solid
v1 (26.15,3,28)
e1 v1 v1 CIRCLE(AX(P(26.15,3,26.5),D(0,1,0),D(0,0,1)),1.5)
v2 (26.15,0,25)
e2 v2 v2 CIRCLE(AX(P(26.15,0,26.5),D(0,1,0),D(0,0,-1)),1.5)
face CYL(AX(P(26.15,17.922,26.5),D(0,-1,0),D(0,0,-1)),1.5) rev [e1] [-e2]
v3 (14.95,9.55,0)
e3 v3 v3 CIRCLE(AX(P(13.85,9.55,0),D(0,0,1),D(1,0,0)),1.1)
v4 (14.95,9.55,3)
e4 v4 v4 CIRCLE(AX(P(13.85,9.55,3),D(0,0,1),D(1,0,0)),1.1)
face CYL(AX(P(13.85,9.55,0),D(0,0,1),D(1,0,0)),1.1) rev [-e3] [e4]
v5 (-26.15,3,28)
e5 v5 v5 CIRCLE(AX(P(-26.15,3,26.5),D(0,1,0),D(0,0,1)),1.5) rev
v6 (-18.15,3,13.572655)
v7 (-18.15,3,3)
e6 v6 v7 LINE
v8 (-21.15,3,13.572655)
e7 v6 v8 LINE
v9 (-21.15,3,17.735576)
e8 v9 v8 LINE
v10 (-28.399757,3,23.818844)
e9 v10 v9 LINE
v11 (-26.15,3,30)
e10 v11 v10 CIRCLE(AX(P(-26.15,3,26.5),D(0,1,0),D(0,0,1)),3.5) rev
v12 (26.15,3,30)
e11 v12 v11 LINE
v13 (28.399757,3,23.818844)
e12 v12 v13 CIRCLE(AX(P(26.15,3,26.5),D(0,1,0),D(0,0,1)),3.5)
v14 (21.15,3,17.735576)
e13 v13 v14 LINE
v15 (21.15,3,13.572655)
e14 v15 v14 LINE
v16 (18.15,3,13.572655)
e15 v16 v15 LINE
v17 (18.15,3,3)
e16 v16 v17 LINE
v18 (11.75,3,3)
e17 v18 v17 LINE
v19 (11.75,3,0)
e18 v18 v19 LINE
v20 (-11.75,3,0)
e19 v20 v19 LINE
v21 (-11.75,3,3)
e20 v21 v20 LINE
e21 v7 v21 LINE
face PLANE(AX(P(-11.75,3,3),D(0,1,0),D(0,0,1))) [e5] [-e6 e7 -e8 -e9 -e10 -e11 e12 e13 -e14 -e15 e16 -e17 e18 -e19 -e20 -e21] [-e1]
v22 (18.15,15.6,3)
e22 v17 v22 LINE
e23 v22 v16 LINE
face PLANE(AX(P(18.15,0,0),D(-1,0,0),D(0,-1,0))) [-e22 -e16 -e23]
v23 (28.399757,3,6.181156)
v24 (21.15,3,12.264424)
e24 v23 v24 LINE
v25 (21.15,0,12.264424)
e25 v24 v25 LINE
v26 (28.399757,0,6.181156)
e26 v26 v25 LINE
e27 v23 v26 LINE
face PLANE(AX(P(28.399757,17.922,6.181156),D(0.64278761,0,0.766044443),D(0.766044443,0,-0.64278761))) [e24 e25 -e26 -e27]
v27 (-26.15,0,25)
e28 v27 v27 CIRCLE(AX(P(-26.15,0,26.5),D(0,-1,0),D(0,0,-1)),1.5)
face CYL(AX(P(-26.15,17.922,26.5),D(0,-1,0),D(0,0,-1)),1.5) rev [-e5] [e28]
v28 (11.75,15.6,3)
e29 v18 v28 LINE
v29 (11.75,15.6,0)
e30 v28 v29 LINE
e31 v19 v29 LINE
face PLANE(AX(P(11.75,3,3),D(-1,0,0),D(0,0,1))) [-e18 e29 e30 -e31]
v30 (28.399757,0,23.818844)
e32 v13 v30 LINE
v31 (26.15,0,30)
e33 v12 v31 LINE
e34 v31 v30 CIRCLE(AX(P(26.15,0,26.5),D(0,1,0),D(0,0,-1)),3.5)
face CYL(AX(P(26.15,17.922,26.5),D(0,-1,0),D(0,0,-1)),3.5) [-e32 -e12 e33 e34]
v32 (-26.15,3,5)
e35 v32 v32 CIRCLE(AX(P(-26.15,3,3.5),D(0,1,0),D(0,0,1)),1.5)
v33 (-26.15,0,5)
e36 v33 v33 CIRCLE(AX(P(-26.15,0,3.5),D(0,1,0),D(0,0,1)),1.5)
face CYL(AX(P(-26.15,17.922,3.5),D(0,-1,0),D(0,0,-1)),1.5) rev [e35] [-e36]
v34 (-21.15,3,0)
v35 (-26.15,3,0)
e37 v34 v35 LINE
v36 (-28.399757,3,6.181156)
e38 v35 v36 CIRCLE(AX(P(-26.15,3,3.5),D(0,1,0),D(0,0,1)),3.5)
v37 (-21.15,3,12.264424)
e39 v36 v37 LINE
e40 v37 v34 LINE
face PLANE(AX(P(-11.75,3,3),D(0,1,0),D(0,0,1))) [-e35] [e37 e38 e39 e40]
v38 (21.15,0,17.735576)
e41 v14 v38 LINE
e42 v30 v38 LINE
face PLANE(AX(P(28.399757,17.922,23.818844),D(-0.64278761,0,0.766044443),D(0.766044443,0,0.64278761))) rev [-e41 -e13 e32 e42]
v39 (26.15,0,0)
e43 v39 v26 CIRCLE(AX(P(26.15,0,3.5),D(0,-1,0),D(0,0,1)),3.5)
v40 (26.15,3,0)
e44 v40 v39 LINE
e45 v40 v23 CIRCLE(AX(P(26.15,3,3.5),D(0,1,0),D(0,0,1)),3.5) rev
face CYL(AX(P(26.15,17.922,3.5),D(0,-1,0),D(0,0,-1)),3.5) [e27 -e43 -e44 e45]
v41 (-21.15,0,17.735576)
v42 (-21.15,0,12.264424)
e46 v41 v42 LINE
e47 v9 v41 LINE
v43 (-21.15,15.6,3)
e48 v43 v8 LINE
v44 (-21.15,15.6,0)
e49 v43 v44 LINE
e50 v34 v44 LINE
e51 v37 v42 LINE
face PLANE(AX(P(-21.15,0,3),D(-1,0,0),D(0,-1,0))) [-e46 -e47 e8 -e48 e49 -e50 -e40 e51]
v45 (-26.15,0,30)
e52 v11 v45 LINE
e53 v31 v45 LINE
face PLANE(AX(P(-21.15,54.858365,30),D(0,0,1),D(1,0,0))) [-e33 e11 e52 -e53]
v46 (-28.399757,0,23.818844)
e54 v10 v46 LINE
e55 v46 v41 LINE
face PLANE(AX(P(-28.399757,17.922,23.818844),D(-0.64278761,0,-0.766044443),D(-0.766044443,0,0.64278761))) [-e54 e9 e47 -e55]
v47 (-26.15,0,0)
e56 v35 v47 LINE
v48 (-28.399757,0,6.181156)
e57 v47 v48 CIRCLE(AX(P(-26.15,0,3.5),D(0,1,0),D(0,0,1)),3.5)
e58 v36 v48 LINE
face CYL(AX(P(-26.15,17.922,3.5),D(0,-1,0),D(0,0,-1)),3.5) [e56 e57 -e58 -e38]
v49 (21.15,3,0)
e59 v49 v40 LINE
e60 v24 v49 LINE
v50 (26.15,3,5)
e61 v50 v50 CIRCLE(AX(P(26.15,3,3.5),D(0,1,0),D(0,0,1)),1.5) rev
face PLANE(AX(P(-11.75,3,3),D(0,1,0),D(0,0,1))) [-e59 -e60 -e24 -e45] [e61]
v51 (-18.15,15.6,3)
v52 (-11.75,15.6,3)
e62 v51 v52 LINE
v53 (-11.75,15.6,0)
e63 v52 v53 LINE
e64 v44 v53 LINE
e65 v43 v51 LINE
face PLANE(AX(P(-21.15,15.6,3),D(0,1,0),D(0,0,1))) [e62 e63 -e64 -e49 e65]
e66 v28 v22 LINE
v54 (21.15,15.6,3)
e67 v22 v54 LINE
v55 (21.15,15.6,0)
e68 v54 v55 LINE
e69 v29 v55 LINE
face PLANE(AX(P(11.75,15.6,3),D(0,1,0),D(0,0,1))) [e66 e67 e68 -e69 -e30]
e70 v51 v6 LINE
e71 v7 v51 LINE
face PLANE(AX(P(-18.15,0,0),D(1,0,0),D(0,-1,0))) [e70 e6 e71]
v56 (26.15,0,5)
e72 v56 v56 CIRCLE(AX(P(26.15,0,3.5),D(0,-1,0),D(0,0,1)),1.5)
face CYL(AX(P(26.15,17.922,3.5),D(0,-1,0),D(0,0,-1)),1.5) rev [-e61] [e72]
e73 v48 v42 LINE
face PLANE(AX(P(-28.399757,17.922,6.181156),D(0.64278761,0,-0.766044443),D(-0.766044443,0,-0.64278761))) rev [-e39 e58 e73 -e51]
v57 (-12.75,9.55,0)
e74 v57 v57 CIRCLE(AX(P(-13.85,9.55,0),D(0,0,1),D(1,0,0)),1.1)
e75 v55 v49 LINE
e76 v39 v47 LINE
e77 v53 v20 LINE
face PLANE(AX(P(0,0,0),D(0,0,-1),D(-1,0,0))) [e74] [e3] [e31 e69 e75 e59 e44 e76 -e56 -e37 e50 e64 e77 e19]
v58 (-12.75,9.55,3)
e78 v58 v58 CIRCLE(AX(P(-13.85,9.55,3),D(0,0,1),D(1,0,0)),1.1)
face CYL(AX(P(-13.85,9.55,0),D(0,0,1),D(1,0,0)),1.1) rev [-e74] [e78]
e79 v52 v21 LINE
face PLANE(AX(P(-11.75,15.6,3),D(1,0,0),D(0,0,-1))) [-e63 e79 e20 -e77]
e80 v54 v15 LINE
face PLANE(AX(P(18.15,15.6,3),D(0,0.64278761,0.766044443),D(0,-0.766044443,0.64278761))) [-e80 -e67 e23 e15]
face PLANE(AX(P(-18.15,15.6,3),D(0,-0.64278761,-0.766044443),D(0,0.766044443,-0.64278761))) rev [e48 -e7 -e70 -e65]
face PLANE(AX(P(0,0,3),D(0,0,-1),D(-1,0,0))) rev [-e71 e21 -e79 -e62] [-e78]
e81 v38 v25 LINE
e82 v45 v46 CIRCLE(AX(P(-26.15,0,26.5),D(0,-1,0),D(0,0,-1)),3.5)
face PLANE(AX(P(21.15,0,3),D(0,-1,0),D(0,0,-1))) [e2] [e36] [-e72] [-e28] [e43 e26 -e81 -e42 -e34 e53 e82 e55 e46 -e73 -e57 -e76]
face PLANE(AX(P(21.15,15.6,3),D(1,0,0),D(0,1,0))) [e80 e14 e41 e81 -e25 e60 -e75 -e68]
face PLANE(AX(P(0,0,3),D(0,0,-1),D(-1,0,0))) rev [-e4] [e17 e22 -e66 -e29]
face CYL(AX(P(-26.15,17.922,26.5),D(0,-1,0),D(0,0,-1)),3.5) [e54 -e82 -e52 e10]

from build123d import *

# Parameters (mm, degrees)
BOSS_EXTRUDE1_DEPTH     = 3
SKETCH3_W               = 42.3
SKETCH3_H               = 30
BOSS_EXTRUDE2_DEPTH     = 3
SKETCH4_R               = 1.1
CUT_EXTRUDE1_DEPTH      = 4
BOSS_EXTRUDE3_DEPTH     = 3
BOSS_EXTRUDE4_START     = -3
SKETCH6_R               = 1.5
BOSS_EXTRUDE4_DEPTH     = 3
MIRROR3_START           = -3
MIRROR3_COPY_1_SKETCH_R = 1.5
MIRROR3_COPY_1_DEPTH    = 3


with BuildPart() as part:
    # Sketch2 → Boss-Extrude1 (new body)
    with BuildSketch(Plane.XY):
        Polygon((-11.75, 3), (11.75, 3), (11.75, 15.6), (21.15, 15.6), (21.15, 0), (-21.15, 0), (-21.15, 15.6), (-11.75, 15.6), align=None)
    extrude(amount=BOSS_EXTRUDE1_DEPTH)

    # Sketch3 → Boss-Extrude2 (add)
    with BuildSketch(Plane.XZ):
        with Locations((0, 15)):
            Rectangle(SKETCH3_W, SKETCH3_H)
    extrude(amount=-BOSS_EXTRUDE2_DEPTH)

    # Sketch4 → Cut-Extrude1 (cut, through all)
    with BuildSketch(Plane.XY.offset(3)):
        with Locations((13.85, 9.55)):
            Circle(SKETCH4_R)
        with Locations((-13.85, 9.55)):
            Circle(SKETCH4_R)
    extrude(amount=-CUT_EXTRUDE1_DEPTH, mode=Mode.SUBTRACT)

    # Sketch5 → Boss-Extrude3 (add)
    with BuildSketch(Plane(origin=(21.15, 0, 0), x_dir=(0, 0, -1), z_dir=(1, 0, 0))):
        Polygon((-3, 15.6), (-13.572655353, 3), (-3, 3), align=None)
    boss_extrude3 = extrude(amount=-BOSS_EXTRUDE3_DEPTH)

    # Mirror1: Boss-Extrude3 across plane
    add(boss_extrude3.mirror(Plane(origin=(0, 0, 0), x_dir=(0, 0, 1), z_dir=(1, 0, 0))))

    # Sketch6 → Boss-Extrude4 (add)
    with BuildSketch(Plane.XZ.offset(BOSS_EXTRUDE4_START)):
        with BuildLine():
            Line((-21.15, 30), (-26.15, 30))
            ThreePointArc((-26.15, 30), (-29.438924173, 27.697070502), (-28.399756634, 23.818844449))
            Line((-28.399756634, 23.818844449), (-21.15, 17.735576331))
            Line((-21.15, 17.735576331), (-21.15, 30))
        make_face()
        with Locations((-26.15, 26.5)):
            Circle(SKETCH6_R, mode=Mode.SUBTRACT)
    boss_extrude4 = extrude(amount=BOSS_EXTRUDE4_DEPTH)

    # Mirror2: Boss-Extrude4 across plane
    add(boss_extrude4.mirror(Plane.XY.offset(15)))

    # Mirror3: Boss-Extrude4 across plane
    add(boss_extrude4.mirror(Plane(origin=(0, 0, 0), x_dir=(0, 0, 1), z_dir=(1, 0, 0))))

    # Mirror3 copy 1 sketch → Mirror3 copy 1 (add)
    with BuildSketch(Plane(origin=(0, 0, 30), x_dir=(-1, 0, 0), z_dir=(0, -1, 0)).offset(MIRROR3_START)):
        with BuildLine():
            Line((-21.15, 30), (-26.15, 30))
            ThreePointArc((-26.15, 30), (-29.438924173, 27.697070502), (-28.399756634, 23.818844449))
            Line((-28.399756634, 23.818844449), (-21.15, 17.735576331))
            Line((-21.15, 17.735576331), (-21.15, 30))
        make_face()
        with Locations((-26.15, 26.5)):
            Circle(MIRROR3_COPY_1_SKETCH_R, mode=Mode.SUBTRACT)
    extrude(amount=MIRROR3_COPY_1_DEPTH)


solid = part.part
